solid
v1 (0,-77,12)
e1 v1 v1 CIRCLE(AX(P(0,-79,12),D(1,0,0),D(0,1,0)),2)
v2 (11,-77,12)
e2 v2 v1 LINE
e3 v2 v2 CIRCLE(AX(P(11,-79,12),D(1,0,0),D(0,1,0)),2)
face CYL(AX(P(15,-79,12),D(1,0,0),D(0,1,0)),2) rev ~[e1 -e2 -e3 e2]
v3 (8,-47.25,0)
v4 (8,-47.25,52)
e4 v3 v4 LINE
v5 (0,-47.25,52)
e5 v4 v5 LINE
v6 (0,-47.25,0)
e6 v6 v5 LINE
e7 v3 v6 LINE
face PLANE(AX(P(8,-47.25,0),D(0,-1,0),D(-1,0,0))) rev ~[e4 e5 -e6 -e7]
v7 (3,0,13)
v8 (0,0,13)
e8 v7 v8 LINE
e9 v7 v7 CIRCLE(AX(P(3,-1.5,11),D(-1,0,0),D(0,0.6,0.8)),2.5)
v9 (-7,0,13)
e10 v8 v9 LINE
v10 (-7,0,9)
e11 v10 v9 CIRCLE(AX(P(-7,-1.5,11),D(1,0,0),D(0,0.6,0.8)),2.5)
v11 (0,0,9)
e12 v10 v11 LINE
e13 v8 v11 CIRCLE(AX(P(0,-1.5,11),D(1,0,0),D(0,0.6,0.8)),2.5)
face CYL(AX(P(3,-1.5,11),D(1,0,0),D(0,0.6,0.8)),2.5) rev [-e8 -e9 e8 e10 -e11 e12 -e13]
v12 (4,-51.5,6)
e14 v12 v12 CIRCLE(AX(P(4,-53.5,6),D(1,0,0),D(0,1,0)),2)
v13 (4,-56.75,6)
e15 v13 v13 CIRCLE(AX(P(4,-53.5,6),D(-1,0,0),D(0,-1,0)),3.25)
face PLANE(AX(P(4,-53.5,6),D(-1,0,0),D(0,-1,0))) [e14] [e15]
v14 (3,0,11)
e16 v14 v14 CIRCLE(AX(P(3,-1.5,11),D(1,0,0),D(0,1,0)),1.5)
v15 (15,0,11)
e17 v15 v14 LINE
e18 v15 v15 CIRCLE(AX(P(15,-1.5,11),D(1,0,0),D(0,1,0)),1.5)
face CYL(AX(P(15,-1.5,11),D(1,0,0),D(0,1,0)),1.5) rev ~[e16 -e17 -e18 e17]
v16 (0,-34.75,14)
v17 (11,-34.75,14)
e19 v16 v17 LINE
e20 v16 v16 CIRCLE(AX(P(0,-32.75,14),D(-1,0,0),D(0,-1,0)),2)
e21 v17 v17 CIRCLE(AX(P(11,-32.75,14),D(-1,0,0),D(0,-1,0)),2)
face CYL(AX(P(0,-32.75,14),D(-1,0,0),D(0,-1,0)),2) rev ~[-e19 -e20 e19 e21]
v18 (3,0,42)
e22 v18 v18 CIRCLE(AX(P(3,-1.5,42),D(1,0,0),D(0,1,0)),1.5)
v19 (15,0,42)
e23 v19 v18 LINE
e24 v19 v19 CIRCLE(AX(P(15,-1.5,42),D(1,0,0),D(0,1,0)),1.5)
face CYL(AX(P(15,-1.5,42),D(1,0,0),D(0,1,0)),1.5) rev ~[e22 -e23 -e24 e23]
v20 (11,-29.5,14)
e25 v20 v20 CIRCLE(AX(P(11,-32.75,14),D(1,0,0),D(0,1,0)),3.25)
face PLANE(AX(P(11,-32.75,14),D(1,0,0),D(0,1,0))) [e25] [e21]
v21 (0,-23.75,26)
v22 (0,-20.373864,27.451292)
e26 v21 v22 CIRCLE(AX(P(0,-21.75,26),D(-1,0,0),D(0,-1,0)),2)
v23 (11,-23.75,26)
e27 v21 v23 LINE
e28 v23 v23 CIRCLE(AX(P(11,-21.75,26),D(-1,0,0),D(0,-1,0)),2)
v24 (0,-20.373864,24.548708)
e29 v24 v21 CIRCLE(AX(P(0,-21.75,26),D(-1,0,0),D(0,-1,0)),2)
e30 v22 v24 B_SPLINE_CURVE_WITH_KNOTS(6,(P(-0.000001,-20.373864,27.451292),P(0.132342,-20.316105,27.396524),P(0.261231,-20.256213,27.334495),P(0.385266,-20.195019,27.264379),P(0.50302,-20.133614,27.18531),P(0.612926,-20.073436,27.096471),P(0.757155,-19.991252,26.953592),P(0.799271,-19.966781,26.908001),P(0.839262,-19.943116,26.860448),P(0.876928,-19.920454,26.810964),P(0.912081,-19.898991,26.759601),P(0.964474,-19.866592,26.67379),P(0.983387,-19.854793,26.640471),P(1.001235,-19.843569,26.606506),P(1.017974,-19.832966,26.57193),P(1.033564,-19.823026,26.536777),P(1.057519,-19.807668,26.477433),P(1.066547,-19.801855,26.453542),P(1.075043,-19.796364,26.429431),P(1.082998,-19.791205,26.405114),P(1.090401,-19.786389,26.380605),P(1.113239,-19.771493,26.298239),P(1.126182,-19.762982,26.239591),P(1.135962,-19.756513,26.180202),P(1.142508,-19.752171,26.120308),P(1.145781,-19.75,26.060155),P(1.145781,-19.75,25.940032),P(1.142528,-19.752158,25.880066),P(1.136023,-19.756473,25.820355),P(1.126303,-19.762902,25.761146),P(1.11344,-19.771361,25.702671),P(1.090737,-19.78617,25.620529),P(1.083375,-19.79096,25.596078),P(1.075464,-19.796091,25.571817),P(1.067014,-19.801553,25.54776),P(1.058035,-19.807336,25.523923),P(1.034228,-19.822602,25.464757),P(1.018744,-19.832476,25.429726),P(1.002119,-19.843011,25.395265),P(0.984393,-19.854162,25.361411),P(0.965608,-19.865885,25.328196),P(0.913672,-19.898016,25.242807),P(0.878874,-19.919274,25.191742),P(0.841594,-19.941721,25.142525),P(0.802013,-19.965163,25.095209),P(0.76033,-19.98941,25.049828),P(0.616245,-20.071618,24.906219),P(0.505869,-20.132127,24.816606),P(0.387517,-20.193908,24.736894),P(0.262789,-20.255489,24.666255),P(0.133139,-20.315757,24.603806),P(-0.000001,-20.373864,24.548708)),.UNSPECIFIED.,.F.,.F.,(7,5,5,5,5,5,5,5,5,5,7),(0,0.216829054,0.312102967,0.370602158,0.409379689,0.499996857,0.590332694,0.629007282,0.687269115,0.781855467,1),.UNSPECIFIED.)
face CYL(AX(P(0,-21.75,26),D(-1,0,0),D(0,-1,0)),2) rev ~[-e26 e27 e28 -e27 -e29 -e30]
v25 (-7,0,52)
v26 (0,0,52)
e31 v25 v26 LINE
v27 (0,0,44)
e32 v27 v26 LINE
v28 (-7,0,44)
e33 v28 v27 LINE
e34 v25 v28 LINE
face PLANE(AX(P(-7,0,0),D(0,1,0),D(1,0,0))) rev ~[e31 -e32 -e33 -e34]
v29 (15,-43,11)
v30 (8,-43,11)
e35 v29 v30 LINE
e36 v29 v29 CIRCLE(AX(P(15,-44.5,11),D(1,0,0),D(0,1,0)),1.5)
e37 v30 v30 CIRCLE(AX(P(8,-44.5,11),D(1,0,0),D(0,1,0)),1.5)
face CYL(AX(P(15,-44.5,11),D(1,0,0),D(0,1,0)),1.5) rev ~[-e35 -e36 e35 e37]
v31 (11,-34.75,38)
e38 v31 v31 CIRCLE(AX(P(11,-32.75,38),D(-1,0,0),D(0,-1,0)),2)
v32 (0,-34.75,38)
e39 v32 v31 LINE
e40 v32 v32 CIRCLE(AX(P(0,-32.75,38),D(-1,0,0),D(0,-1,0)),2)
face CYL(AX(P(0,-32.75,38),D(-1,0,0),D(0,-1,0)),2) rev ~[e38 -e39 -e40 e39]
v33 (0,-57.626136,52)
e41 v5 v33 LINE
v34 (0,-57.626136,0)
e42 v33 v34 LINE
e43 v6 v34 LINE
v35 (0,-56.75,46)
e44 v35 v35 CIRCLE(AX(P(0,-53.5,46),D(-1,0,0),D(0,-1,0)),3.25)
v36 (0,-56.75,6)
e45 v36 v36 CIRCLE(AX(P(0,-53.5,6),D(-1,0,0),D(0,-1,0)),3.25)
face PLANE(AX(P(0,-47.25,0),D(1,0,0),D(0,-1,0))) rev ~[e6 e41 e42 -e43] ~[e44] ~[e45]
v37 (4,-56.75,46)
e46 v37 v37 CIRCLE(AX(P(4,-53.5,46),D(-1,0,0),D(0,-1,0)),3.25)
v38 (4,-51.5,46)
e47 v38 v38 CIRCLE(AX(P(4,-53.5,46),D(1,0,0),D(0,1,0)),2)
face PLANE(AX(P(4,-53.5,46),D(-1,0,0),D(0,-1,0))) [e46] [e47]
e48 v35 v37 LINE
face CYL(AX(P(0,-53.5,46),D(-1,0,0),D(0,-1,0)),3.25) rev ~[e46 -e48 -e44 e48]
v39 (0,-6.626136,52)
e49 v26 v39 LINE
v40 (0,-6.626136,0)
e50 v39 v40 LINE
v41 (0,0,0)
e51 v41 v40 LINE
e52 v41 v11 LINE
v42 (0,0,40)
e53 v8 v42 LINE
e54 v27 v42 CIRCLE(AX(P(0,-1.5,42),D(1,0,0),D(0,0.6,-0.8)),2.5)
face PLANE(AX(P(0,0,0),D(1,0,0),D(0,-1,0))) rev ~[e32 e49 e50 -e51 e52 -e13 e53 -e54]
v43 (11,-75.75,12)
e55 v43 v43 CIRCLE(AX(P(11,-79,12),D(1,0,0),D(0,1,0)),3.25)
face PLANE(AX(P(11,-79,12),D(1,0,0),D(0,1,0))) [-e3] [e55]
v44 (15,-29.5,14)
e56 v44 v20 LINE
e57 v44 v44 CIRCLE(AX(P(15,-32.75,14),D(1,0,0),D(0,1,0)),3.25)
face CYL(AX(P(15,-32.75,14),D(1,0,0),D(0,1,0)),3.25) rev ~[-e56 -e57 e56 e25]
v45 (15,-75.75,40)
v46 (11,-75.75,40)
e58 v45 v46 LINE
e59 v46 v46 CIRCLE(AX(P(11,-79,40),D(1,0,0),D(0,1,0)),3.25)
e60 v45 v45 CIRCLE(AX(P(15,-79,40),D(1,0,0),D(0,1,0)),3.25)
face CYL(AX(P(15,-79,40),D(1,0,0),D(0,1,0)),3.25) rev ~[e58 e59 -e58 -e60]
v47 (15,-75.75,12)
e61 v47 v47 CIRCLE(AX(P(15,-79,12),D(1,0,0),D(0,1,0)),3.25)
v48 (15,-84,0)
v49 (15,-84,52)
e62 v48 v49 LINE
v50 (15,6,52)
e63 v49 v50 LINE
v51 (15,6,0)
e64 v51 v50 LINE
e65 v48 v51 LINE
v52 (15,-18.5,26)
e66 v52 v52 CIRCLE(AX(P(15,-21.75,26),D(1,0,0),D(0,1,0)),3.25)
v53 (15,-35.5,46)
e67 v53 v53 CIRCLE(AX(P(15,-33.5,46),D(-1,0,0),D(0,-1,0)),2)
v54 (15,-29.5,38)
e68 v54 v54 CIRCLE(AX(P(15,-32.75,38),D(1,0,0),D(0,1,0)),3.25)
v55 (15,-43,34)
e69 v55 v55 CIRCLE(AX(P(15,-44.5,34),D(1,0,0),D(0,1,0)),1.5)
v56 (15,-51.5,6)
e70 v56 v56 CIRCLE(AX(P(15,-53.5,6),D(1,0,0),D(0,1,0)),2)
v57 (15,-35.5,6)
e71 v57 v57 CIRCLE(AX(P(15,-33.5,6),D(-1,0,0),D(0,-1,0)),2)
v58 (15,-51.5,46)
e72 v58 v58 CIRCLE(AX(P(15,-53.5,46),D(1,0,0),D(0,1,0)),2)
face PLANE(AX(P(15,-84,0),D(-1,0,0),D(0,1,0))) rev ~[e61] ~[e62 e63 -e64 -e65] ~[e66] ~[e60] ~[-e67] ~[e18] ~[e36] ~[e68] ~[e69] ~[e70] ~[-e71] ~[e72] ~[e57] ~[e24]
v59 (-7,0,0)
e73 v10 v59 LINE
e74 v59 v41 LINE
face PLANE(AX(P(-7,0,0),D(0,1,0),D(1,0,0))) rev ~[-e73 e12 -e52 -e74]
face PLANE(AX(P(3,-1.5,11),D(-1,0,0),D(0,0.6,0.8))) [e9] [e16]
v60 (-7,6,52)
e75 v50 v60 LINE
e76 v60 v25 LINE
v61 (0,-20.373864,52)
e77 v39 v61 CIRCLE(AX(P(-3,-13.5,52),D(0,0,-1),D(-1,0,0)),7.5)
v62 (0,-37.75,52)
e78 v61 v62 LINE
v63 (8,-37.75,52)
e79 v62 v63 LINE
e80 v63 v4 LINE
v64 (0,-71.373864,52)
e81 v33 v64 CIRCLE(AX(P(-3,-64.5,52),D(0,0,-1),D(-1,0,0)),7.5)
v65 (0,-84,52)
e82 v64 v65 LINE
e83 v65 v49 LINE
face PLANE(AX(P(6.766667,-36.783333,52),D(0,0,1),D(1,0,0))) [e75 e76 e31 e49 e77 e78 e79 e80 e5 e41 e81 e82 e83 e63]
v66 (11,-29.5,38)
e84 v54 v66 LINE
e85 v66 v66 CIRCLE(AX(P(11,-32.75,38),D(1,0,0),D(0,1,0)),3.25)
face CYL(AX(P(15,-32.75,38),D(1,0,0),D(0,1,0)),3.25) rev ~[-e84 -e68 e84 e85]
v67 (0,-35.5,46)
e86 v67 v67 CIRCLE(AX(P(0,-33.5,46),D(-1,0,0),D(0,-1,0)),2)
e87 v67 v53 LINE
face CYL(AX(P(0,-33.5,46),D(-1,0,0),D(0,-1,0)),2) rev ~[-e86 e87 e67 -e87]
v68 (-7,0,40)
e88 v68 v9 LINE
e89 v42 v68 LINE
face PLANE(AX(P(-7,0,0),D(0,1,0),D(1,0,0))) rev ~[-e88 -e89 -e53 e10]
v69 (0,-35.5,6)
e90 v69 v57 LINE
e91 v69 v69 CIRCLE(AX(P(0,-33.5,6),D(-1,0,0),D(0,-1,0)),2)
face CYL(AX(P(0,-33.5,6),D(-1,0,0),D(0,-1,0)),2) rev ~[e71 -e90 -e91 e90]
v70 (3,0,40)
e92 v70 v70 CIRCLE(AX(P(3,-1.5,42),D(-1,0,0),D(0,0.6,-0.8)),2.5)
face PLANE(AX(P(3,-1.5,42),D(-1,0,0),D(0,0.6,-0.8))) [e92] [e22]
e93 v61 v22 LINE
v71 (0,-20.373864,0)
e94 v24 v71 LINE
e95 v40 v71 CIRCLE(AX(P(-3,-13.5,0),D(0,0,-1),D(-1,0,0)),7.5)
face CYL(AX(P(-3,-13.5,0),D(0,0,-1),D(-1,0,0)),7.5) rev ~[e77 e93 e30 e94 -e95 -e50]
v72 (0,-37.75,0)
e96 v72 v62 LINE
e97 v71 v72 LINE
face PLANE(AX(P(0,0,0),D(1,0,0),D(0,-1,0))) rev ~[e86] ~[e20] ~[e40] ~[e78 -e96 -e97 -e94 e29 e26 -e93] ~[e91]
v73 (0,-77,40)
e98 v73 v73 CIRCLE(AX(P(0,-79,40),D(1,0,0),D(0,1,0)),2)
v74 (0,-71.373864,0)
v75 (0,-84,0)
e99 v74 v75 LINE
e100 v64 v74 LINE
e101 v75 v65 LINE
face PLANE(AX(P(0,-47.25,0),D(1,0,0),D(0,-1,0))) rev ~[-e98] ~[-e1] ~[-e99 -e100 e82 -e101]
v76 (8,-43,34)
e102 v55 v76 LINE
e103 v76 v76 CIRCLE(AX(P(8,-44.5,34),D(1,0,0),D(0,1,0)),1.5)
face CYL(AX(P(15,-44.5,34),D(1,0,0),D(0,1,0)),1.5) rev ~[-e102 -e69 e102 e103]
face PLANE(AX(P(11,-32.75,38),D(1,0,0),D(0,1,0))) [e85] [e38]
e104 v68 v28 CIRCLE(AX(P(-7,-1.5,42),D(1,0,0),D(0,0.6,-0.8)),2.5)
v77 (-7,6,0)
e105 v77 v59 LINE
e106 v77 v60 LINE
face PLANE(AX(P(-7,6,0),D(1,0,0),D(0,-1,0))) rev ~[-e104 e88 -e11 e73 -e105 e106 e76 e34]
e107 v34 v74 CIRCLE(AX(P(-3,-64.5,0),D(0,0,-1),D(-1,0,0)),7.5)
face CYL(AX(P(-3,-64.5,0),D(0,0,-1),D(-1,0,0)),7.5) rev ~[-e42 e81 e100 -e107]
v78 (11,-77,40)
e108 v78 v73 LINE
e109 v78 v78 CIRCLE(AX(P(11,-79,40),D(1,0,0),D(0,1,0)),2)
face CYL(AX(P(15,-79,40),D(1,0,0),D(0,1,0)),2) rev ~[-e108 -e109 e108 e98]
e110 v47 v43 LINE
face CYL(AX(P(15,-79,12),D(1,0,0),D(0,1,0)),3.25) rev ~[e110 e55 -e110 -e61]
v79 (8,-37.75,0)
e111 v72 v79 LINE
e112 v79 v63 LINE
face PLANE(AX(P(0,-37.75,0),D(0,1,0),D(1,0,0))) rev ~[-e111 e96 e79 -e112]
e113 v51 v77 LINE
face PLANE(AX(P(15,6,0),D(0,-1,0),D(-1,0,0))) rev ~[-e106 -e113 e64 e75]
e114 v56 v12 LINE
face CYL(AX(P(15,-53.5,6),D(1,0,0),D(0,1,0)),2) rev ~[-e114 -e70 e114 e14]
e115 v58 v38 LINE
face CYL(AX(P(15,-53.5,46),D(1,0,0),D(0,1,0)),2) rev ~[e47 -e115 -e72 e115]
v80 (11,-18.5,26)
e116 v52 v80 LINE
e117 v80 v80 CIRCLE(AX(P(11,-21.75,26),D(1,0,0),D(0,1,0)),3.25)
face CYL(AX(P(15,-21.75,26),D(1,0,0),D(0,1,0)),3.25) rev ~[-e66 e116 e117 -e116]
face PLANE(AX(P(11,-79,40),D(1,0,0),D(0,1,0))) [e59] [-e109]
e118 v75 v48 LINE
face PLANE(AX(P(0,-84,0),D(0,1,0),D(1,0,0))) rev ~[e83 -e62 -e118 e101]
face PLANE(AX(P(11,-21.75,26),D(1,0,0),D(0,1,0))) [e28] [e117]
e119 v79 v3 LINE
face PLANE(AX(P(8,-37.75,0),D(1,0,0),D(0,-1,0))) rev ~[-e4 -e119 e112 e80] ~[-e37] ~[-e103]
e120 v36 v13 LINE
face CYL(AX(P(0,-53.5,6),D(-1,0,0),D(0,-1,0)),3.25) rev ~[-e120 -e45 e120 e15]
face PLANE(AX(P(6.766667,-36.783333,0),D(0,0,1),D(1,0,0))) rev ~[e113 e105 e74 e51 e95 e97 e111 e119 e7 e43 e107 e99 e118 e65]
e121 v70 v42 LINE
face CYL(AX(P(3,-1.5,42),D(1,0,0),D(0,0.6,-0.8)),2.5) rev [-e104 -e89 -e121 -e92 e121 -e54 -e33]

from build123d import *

# Parameters (mm, degrees)
BOSS_EXTRUDE1_DEPTH          = 52
SKETCH2_R                    = 2
CUT_EXTRUDE1_DEPTH           = 100.924971854
ESQUISSE1_R                  = 1.5
ENL_V_MAT_EXTRU_1_DEPTH      = 102.212647431
ENL_V_MAT_EXTRU_2_DEPTH      = 100.924971854
ENL_V_MAT_EXTRU_2_DEPTH_BACK = 3
ESQUISSE2_R                  = 2.5
ESQUISSE3_R                  = 3.25
ENL_V_MAT_EXTRU_3_DEPTH      = 4
ESQUISSE4_R                  = 2
ENL_V_MAT_EXTRU_4_DEPTH      = 102.212647431
ESQUISSE4_3_R                = 3.25
ESQUISSE4_3_R_2              = 2
ENL_V_MAT_EXTRU_5_DEPTH      = 4
ESQUISSE5_R                  = 2
ENL_V_MAT_EXTRU_6_DEPTH      = 100.924971854
ESQUISSE6_R                  = 2
ENL_V_MAT_EXTRU_7_DEPTH      = 102.212647431
ESQUISSE7_R                  = 3.25
ENL_V_MAT_EXTRU_8_DEPTH      = 4
ESQUISSE8_R                  = 7.5
ENL_V_MAT_EXTRU_9_DEPTH      = 100.924971854


with BuildPart() as part:
    # Sketch1 → Boss-Extrude1 (new body)
    with BuildSketch(Plane.XY):
        Polygon((0, 0), (0, -37.75), (8, -37.75), (8, -47.25), (0, -47.25), (0, -84), (15, -84), (15, 6), (-7, 6), (-7, 0), align=None)
    extrude(amount=BOSS_EXTRUDE1_DEPTH)

    # Sketch2 → Cut-Extrude1 (cut, through all)
    with BuildSketch(Plane.ZY):
        with Locations((26, -21.75)):
            Circle(SKETCH2_R)
        with Locations((38, -32.75)):
            Circle(SKETCH2_R)
        with Locations((14, -32.75)):
            Circle(SKETCH2_R)
    extrude(amount=-CUT_EXTRUDE1_DEPTH, mode=Mode.SUBTRACT)

    # Esquisse1 → Enlèv. mat.-Extru.1 (cut, through all)
    with BuildSketch(Plane(origin=(15, 0, 0), x_dir=(0, 0, -1), z_dir=(1, 0, 0))):
        with Locations((-42, -1.5)):
            Circle(ESQUISSE1_R)
        with Locations((-11, -1.5)):
            Circle(ESQUISSE1_R)
        with Locations((-34, -44.5)):
            Circle(ESQUISSE1_R)
        with Locations((-11, -44.5)):
            Circle(ESQUISSE1_R)
    extrude(amount=-ENL_V_MAT_EXTRU_1_DEPTH, mode=Mode.SUBTRACT)

    # Esquisse2 → Enlèv. mat.-Extru.2 (cut, two sides: drawn at the far end of the back side and taken through both)
    with BuildSketch(Plane.ZY.offset(-ENL_V_MAT_EXTRU_2_DEPTH_BACK)):
        with Locations((42, -1.5)):
            Circle(ESQUISSE2_R)
        with Locations((11, -1.5)):
            Circle(ESQUISSE2_R)
    extrude(amount=ENL_V_MAT_EXTRU_2_DEPTH + ENL_V_MAT_EXTRU_2_DEPTH_BACK, mode=Mode.SUBTRACT)

    # Esquisse3 → Enlèv. mat.-Extru.3 (cut)
    with BuildSketch(Plane(origin=(15, 0, 0), x_dir=(0, 0, -1), z_dir=(1, 0, 0))):
        with Locations((-26, -21.75)):
            Circle(ESQUISSE3_R)
        with Locations((-14, -32.75)):
            Circle(ESQUISSE3_R)
        with Locations((-38, -32.75)):
            Circle(ESQUISSE3_R)
    extrude(amount=-ENL_V_MAT_EXTRU_3_DEPTH, mode=Mode.SUBTRACT)

    # Esquisse4 → Enlèv. mat.-Extru.4 (cut, through all)
    with BuildSketch(Plane(origin=(15, 0, 0), x_dir=(0, 0, -1), z_dir=(1, 0, 0))):
        with Locations((-40, -79)):
            Circle(ESQUISSE4_R)
        with Locations((-12, -79)):
            Circle(ESQUISSE4_R)
    extrude(amount=-ENL_V_MAT_EXTRU_4_DEPTH, mode=Mode.SUBTRACT)

    # Esquisse4<3> → Enlèv. mat.-Extru.5 (cut)
    # profile 1 of 2: a face of its own
    with BuildSketch(Plane(origin=(15, 0, 0), x_dir=(0, 0, -1), z_dir=(1, 0, 0))):
        with Locations((-12, -79)):
            Circle(ESQUISSE4_3_R)
        with Locations((-12, -79)):
            Circle(ESQUISSE4_3_R_2, mode=Mode.SUBTRACT)
    # profile 2 of 2: a face of its own
    with BuildSketch(Plane(origin=(15, 0, 0), x_dir=(0, 0, -1), z_dir=(1, 0, 0))):
        with Locations((-40, -79)):
            Circle(ESQUISSE4_3_R)
        with Locations((-40, -79)):
            Circle(ESQUISSE4_3_R_2, mode=Mode.SUBTRACT)
    extrude(amount=-ENL_V_MAT_EXTRU_5_DEPTH, mode=Mode.SUBTRACT)

    # Esquisse5 → Enlèv. mat.-Extru.6 (cut, through all)
    with BuildSketch(Plane.ZY):
        with Locations((46, -33.5)):
            Circle(ESQUISSE5_R)
        with Locations((6, -33.5)):
            Circle(ESQUISSE5_R)
    extrude(amount=-ENL_V_MAT_EXTRU_6_DEPTH, mode=Mode.SUBTRACT)

    # Esquisse6 → Enlèv. mat.-Extru.7 (cut, through all)
    with BuildSketch(Plane(origin=(15, 0, 0), x_dir=(0, 0, -1), z_dir=(1, 0, 0))):
        with Locations((-6, -53.5)):
            Circle(ESQUISSE6_R)
        with Locations((-46, -53.5)):
            Circle(ESQUISSE6_R)
    extrude(amount=-ENL_V_MAT_EXTRU_7_DEPTH, mode=Mode.SUBTRACT)

    # Esquisse7 → Enlèv. mat.-Extru.8 (cut)
    with BuildSketch(Plane.ZY):
        with Locations((46, -53.5)):
            Circle(ESQUISSE7_R)
        with Locations((6, -53.5)):
            Circle(ESQUISSE7_R)
    extrude(amount=-ENL_V_MAT_EXTRU_8_DEPTH, mode=Mode.SUBTRACT)

    # Esquisse8 → Enlèv. mat.-Extru.9 (cut, through all)
    with BuildSketch(Plane(origin=(0, 0, 0), x_dir=(-1, 0, 0), z_dir=(0, 0, -1))):
        with Locations((3, -13.5)):
            Circle(ESQUISSE8_R)
        with Locations((3, -64.5)):
            Circle(ESQUISSE8_R)
    extrude(amount=-ENL_V_MAT_EXTRU_9_DEPTH, mode=Mode.SUBTRACT)


solid = part.part
